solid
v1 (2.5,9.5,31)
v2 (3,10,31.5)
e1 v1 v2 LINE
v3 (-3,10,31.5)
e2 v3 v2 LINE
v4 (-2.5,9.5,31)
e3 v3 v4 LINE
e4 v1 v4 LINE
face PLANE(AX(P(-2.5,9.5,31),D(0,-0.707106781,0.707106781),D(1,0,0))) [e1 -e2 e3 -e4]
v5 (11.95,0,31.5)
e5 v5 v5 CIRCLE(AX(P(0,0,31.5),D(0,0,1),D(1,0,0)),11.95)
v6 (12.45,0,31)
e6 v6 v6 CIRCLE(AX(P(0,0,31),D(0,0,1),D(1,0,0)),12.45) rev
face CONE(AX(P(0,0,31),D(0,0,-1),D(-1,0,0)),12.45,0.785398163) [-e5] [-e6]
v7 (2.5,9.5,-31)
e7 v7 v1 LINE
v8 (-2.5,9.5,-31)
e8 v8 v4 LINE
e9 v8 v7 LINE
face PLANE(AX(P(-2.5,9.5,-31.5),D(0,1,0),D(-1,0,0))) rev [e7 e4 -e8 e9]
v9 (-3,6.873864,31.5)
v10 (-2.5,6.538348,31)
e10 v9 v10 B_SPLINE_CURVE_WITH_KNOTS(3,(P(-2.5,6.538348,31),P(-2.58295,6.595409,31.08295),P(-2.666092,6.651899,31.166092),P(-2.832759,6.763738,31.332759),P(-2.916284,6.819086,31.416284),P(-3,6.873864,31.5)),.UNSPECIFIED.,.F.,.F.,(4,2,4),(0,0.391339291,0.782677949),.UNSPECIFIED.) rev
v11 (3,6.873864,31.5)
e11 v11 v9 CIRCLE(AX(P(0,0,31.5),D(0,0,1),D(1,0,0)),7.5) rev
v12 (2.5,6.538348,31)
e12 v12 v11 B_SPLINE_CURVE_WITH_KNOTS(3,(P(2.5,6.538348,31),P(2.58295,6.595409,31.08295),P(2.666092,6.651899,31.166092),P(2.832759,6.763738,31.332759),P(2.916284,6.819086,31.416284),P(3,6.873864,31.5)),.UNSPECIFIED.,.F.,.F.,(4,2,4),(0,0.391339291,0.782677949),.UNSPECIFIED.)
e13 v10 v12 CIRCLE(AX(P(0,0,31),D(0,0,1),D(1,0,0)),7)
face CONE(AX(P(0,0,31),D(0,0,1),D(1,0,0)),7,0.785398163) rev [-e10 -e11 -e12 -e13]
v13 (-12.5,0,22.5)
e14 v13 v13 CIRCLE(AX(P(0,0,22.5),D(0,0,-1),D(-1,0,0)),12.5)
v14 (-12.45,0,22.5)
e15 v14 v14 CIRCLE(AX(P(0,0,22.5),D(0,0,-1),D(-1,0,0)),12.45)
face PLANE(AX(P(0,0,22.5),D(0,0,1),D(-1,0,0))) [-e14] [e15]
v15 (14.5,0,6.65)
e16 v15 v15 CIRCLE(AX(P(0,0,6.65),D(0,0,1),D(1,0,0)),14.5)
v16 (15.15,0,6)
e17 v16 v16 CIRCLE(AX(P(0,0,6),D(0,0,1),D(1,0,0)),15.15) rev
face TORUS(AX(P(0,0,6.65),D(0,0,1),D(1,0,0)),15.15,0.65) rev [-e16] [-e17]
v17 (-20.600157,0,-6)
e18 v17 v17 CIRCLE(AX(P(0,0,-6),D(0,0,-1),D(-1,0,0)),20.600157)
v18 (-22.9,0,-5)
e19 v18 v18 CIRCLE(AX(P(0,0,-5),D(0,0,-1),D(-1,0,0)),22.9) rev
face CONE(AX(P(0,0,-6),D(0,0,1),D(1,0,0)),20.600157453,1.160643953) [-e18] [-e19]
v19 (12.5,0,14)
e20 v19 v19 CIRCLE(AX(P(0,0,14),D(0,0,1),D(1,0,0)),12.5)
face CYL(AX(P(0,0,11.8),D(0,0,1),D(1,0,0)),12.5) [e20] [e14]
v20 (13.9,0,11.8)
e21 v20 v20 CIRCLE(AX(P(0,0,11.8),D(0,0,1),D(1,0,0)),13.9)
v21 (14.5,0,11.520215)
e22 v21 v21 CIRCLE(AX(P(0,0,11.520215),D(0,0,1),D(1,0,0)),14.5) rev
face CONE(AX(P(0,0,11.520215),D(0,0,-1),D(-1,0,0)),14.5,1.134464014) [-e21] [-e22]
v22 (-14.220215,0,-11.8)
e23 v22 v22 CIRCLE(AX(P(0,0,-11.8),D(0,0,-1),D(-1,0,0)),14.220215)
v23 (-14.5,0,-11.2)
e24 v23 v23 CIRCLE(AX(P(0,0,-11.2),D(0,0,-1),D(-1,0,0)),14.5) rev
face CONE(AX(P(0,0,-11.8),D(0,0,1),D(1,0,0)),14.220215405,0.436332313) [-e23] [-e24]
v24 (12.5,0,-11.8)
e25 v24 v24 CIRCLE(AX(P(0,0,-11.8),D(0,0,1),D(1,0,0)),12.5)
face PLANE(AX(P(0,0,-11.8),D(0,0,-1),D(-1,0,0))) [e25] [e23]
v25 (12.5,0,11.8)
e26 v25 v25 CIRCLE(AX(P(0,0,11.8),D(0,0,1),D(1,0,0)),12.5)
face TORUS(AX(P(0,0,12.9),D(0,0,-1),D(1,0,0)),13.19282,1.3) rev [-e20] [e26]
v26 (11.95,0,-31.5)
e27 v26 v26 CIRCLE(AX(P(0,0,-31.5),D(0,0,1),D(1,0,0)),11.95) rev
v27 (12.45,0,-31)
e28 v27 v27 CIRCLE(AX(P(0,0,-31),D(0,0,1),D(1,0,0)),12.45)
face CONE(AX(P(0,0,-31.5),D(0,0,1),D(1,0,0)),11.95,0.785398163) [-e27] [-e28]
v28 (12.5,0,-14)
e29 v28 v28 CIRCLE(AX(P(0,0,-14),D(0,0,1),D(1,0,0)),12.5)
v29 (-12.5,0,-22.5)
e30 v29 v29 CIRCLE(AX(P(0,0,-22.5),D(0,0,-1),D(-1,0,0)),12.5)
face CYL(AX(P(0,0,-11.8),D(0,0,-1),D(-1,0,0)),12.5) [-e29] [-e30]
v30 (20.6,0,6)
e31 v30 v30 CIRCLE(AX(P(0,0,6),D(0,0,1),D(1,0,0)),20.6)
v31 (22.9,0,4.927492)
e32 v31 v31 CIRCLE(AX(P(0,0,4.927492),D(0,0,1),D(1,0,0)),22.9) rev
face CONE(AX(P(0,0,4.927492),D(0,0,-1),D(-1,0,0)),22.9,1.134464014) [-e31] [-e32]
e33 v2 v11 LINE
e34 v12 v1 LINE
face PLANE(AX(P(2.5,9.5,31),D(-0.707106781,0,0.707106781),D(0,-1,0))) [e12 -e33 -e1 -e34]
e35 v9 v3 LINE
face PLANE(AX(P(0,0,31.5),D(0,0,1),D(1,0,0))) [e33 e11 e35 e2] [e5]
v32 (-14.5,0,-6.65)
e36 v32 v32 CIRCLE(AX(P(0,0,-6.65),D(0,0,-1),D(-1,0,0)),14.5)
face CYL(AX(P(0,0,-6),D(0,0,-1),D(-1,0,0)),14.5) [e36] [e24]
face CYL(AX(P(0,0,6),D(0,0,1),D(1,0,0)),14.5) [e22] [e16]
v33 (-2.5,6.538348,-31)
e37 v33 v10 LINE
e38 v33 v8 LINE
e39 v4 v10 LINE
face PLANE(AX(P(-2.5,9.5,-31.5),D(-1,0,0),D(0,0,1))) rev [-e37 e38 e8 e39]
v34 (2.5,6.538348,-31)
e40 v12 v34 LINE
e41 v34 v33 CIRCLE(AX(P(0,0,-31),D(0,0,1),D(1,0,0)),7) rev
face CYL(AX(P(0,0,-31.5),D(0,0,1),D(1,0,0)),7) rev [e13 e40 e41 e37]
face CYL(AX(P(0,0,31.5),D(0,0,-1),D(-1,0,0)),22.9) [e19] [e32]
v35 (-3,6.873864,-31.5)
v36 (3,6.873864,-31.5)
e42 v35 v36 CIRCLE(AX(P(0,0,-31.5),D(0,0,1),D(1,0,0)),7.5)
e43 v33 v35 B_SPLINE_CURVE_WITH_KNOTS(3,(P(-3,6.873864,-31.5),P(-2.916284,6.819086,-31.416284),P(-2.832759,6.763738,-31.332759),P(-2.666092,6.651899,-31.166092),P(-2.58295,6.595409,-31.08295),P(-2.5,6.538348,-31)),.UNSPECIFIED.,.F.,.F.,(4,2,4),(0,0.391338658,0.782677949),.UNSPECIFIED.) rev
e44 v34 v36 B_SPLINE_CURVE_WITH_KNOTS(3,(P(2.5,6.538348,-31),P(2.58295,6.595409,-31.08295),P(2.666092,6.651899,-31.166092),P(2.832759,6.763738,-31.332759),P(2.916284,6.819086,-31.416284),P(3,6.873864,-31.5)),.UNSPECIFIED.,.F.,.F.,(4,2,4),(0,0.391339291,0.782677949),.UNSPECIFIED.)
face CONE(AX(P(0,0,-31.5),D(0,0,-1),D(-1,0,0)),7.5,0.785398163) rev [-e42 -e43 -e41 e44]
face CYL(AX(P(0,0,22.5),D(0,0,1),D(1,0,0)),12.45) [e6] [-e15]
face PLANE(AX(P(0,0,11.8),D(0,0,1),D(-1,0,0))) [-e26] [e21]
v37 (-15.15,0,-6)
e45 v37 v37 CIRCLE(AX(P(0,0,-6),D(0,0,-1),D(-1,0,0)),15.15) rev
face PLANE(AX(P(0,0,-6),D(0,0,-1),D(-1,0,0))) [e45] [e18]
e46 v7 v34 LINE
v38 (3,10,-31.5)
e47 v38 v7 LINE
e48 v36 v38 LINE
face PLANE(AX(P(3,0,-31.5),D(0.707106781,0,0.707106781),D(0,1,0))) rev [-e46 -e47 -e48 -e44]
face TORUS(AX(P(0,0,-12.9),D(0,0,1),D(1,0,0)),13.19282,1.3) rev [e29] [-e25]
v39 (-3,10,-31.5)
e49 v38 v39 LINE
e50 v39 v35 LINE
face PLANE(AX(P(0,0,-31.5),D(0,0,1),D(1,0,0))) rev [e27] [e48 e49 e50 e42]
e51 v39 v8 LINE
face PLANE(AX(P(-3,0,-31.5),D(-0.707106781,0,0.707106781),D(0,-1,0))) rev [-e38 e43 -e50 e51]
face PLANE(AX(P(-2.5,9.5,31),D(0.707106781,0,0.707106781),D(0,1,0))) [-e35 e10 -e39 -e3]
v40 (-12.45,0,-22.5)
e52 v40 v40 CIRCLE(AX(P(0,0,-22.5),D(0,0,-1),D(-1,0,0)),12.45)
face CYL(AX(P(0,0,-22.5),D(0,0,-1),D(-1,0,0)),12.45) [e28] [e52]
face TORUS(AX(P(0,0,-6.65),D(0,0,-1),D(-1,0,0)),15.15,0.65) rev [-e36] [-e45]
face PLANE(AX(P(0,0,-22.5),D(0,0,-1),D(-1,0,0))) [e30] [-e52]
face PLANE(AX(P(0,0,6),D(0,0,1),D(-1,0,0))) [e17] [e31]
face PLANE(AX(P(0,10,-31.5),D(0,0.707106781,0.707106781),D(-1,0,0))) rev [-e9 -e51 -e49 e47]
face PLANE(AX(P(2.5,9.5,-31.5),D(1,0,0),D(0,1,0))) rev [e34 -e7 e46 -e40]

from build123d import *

# Parameters (mm, degrees)
SKICA1_R                    = 22.9
P_IDAT_VYSUNUT_M1_DEPTH     = 31.5
SKICA2_R                    = 7
ODEBRAT_VYSUNUT_M1_DEPTH    = 71.836572475
SKICA3_W                    = 5
SKICA3_H                    = 4
ODEBRAT_VYSUNUT_M2_DEPTH    = 71.836572475
ODEBRAT_START               = -25.5
SKICA5_R                    = 22.9
SKICA5_R_2                  = 14.5
ODEBRAT_VYSUNUT_M4_DEPTH    = 25.5
ODEBRAT_START_2             = -19.7
SKICA6_R                    = 14.5
SKICA6_R_2                  = 12.5
ODEBRAT_VYSUNUT_M5_DEPTH    = 19.7
ODEBRAT_START_3             = -9
SKICA7_R                    = 12.5
SKICA7_R_2                  = 12.45
ODEBRAT_VYSUNUT_M6_DEPTH    = 9
ZKOSEN_4_SIZE               = 0.6
ZKOSEN_4_SIZE2              = 0.279784595
ZKOSEN_4_OF_ZRCADLIT2_SIZE2 = 0.6
ZKOSEN_4_OF_ZRCADLIT2_SIZE  = 0.279784595
ZKOSEN_1_SIZE               = 0.5
ZAOBLIT1_R                  = 0.65
ZKOSEN_2_SIZE               = 1
ZKOSEN_2_SIZE2              = 2.299842547
ZKOSEN_3_SIZE               = 2.3
ZKOSEN_3_SIZE2              = 1.072507614


with BuildPart() as part:
    # Skica1 → Přidat vysunutím1 (new, symmetric)
    with BuildSketch(Plane.XY):
        Circle(SKICA1_R)
    extrude(amount=P_IDAT_VYSUNUT_M1_DEPTH, both=True)

    # Skica2 → Odebrat vysunutím1 (cut, through all)
    with BuildSketch(Plane.XY.offset(31.5)):
        Circle(SKICA2_R)
    extrude(amount=-ODEBRAT_VYSUNUT_M1_DEPTH, mode=Mode.SUBTRACT)

    # Skica3 → Odebrat vysunutím2 (cut, through all)
    with BuildSketch(Plane.XY.offset(31.5)):
        with Locations((0, 7.5)):
            Rectangle(SKICA3_W, SKICA3_H)
    extrude(amount=-ODEBRAT_VYSUNUT_M2_DEPTH, mode=Mode.SUBTRACT)

    # Skica5 → Odebrat vysunutím4 (cut)
    with BuildSketch(Plane(origin=(0, 0, -31.5), x_dir=(-1, 0, 0), z_dir=(0, 0, -1)).offset(ODEBRAT_START)):
        Circle(SKICA5_R)
        Circle(SKICA5_R_2, mode=Mode.SUBTRACT)
    odebrat_vysunut_m4 = extrude(amount=ODEBRAT_VYSUNUT_M4_DEPTH, mode=Mode.SUBTRACT)

    # Skica6 → Odebrat vysunutím5 (cut)
    with BuildSketch(Plane(origin=(0, 0, -31.5), x_dir=(-1, 0, 0), z_dir=(0, 0, -1)).offset(ODEBRAT_START_2)):
        Circle(SKICA6_R)
        Circle(SKICA6_R_2, mode=Mode.SUBTRACT)
    odebrat_vysunut_m5 = extrude(amount=ODEBRAT_VYSUNUT_M5_DEPTH, mode=Mode.SUBTRACT)

    # Skica7 → Odebrat vysunutím6 (cut)
    with BuildSketch(Plane(origin=(0, 0, -31.5), x_dir=(-1, 0, 0), z_dir=(0, 0, -1)).offset(ODEBRAT_START_3)):
        Circle(SKICA7_R)
        Circle(SKICA7_R_2, mode=Mode.SUBTRACT)
    odebrat_vysunut_m6 = extrude(amount=ODEBRAT_VYSUNUT_M6_DEPTH, mode=Mode.SUBTRACT)

    # Zkosení4
    zkosen_4_edges = [part.edges().sort_by_distance(p)[0] for p in [
        (14.5, 0, -11.8),
    ]]
    zkosen_4_side = [part.faces().sort_by_distance(p)[0] for p in [
        (14.5, 0, -8.9),
    ]]
    chamfer(zkosen_4_edges, length=ZKOSEN_4_SIZE, length2=ZKOSEN_4_SIZE2, reference=zkosen_4_side[0])

    # Skica8 → Odebrat rotací1 (revolve, cut)
    with BuildSketch(Plane(origin=(0, 0, 0), x_dir=(0, 0, -1), z_dir=(1, 0, 0)), mode=Mode.PRIVATE) as odebrat_rotac_1_sk:
        with BuildLine():
            Line((11.8, -12.5), (14, -12.5))
            ThreePointArc((14, -12.5), (12.9, -11.892820323), (11.8, -12.5))
        make_face()
    odebrat_rotac_1 = revolve(odebrat_rotac_1_sk.sketch.rotate(Axis((0, 0, 0), (0, 0, -1)), 90), axis=Axis((0, 0, 0), (0, 0, -1)), mode=Mode.SUBTRACT)

    # Zrcadlit2: Odebrat vysunutím4, Odebrat vysunutím5, Odebrat vysunutím6, Odebrat rotací1 across plane
    add(odebrat_vysunut_m4.mirror(Plane.XY), mode=Mode.SUBTRACT)
    add(odebrat_vysunut_m5.mirror(Plane.XY), mode=Mode.SUBTRACT)
    add(odebrat_vysunut_m6.mirror(Plane.XY), mode=Mode.SUBTRACT)
    add(odebrat_rotac_1.mirror(Plane.XY), mode=Mode.SUBTRACT)

    # Zkosení4 of Zrcadlit2
    zkosen_4_of_zrcadlit2_edges = [part.edges().sort_by_distance(p)[0] for p in [
        (14.5, 0, 11.8),
    ]]
    chamfer(zkosen_4_of_zrcadlit2_edges, length=ZKOSEN_4_OF_ZRCADLIT2_SIZE, length2=ZKOSEN_4_OF_ZRCADLIT2_SIZE2)

    # Zkosení1
    zkosen_1_edges = [part.edges().sort_by_distance(p)[0] for p in [
        (0, -7, -31.5),
        (0, -7, 31.5),
        (2.5, 8.019174208, -31.5),
        (-2.5, 8.019174208, -31.5),
        (-2.5, 8.019174208, 31.5),
        (2.5, 8.019174208, 31.5),
        (0, 9.5, 31.5),
        (0, 9.5, -31.5),
        (12.45, 0, -31.5),
        (12.45, 0, 31.5),
    ]]
    chamfer(zkosen_1_edges, length=ZKOSEN_1_SIZE)

    # Zaoblit1
    zaoblit1_edges = [part.edges().sort_by_distance(p)[0] for p in [
        (14.5, 0, -6),
        (14.5, 0, 6),
    ]]
    fillet(zaoblit1_edges, radius=ZAOBLIT1_R)

    # Zkosení2
    zkosen_2_edges = [part.edges().sort_by_distance(p)[0] for p in [
        (-22.9, 0, -6),
    ]]
    zkosen_2_side = [part.faces().sort_by_distance(p)[0] for p in [
        (-22.9, 0, 0),
    ]]
    chamfer(zkosen_2_edges, length=ZKOSEN_2_SIZE, length2=ZKOSEN_2_SIZE2, reference=zkosen_2_side[0])

    # Zkosení3
    zkosen_3_edges = [part.edges().sort_by_distance(p)[0] for p in [
        (-22.9, 0, 6),
    ]]
    zkosen_3_side = [part.faces().sort_by_distance(p)[0] for p in [
        (15.797709812, 0, 6),
    ]]
    chamfer(zkosen_3_edges, length=ZKOSEN_3_SIZE, length2=ZKOSEN_3_SIZE2, reference=zkosen_3_side[0])


solid = part.part
